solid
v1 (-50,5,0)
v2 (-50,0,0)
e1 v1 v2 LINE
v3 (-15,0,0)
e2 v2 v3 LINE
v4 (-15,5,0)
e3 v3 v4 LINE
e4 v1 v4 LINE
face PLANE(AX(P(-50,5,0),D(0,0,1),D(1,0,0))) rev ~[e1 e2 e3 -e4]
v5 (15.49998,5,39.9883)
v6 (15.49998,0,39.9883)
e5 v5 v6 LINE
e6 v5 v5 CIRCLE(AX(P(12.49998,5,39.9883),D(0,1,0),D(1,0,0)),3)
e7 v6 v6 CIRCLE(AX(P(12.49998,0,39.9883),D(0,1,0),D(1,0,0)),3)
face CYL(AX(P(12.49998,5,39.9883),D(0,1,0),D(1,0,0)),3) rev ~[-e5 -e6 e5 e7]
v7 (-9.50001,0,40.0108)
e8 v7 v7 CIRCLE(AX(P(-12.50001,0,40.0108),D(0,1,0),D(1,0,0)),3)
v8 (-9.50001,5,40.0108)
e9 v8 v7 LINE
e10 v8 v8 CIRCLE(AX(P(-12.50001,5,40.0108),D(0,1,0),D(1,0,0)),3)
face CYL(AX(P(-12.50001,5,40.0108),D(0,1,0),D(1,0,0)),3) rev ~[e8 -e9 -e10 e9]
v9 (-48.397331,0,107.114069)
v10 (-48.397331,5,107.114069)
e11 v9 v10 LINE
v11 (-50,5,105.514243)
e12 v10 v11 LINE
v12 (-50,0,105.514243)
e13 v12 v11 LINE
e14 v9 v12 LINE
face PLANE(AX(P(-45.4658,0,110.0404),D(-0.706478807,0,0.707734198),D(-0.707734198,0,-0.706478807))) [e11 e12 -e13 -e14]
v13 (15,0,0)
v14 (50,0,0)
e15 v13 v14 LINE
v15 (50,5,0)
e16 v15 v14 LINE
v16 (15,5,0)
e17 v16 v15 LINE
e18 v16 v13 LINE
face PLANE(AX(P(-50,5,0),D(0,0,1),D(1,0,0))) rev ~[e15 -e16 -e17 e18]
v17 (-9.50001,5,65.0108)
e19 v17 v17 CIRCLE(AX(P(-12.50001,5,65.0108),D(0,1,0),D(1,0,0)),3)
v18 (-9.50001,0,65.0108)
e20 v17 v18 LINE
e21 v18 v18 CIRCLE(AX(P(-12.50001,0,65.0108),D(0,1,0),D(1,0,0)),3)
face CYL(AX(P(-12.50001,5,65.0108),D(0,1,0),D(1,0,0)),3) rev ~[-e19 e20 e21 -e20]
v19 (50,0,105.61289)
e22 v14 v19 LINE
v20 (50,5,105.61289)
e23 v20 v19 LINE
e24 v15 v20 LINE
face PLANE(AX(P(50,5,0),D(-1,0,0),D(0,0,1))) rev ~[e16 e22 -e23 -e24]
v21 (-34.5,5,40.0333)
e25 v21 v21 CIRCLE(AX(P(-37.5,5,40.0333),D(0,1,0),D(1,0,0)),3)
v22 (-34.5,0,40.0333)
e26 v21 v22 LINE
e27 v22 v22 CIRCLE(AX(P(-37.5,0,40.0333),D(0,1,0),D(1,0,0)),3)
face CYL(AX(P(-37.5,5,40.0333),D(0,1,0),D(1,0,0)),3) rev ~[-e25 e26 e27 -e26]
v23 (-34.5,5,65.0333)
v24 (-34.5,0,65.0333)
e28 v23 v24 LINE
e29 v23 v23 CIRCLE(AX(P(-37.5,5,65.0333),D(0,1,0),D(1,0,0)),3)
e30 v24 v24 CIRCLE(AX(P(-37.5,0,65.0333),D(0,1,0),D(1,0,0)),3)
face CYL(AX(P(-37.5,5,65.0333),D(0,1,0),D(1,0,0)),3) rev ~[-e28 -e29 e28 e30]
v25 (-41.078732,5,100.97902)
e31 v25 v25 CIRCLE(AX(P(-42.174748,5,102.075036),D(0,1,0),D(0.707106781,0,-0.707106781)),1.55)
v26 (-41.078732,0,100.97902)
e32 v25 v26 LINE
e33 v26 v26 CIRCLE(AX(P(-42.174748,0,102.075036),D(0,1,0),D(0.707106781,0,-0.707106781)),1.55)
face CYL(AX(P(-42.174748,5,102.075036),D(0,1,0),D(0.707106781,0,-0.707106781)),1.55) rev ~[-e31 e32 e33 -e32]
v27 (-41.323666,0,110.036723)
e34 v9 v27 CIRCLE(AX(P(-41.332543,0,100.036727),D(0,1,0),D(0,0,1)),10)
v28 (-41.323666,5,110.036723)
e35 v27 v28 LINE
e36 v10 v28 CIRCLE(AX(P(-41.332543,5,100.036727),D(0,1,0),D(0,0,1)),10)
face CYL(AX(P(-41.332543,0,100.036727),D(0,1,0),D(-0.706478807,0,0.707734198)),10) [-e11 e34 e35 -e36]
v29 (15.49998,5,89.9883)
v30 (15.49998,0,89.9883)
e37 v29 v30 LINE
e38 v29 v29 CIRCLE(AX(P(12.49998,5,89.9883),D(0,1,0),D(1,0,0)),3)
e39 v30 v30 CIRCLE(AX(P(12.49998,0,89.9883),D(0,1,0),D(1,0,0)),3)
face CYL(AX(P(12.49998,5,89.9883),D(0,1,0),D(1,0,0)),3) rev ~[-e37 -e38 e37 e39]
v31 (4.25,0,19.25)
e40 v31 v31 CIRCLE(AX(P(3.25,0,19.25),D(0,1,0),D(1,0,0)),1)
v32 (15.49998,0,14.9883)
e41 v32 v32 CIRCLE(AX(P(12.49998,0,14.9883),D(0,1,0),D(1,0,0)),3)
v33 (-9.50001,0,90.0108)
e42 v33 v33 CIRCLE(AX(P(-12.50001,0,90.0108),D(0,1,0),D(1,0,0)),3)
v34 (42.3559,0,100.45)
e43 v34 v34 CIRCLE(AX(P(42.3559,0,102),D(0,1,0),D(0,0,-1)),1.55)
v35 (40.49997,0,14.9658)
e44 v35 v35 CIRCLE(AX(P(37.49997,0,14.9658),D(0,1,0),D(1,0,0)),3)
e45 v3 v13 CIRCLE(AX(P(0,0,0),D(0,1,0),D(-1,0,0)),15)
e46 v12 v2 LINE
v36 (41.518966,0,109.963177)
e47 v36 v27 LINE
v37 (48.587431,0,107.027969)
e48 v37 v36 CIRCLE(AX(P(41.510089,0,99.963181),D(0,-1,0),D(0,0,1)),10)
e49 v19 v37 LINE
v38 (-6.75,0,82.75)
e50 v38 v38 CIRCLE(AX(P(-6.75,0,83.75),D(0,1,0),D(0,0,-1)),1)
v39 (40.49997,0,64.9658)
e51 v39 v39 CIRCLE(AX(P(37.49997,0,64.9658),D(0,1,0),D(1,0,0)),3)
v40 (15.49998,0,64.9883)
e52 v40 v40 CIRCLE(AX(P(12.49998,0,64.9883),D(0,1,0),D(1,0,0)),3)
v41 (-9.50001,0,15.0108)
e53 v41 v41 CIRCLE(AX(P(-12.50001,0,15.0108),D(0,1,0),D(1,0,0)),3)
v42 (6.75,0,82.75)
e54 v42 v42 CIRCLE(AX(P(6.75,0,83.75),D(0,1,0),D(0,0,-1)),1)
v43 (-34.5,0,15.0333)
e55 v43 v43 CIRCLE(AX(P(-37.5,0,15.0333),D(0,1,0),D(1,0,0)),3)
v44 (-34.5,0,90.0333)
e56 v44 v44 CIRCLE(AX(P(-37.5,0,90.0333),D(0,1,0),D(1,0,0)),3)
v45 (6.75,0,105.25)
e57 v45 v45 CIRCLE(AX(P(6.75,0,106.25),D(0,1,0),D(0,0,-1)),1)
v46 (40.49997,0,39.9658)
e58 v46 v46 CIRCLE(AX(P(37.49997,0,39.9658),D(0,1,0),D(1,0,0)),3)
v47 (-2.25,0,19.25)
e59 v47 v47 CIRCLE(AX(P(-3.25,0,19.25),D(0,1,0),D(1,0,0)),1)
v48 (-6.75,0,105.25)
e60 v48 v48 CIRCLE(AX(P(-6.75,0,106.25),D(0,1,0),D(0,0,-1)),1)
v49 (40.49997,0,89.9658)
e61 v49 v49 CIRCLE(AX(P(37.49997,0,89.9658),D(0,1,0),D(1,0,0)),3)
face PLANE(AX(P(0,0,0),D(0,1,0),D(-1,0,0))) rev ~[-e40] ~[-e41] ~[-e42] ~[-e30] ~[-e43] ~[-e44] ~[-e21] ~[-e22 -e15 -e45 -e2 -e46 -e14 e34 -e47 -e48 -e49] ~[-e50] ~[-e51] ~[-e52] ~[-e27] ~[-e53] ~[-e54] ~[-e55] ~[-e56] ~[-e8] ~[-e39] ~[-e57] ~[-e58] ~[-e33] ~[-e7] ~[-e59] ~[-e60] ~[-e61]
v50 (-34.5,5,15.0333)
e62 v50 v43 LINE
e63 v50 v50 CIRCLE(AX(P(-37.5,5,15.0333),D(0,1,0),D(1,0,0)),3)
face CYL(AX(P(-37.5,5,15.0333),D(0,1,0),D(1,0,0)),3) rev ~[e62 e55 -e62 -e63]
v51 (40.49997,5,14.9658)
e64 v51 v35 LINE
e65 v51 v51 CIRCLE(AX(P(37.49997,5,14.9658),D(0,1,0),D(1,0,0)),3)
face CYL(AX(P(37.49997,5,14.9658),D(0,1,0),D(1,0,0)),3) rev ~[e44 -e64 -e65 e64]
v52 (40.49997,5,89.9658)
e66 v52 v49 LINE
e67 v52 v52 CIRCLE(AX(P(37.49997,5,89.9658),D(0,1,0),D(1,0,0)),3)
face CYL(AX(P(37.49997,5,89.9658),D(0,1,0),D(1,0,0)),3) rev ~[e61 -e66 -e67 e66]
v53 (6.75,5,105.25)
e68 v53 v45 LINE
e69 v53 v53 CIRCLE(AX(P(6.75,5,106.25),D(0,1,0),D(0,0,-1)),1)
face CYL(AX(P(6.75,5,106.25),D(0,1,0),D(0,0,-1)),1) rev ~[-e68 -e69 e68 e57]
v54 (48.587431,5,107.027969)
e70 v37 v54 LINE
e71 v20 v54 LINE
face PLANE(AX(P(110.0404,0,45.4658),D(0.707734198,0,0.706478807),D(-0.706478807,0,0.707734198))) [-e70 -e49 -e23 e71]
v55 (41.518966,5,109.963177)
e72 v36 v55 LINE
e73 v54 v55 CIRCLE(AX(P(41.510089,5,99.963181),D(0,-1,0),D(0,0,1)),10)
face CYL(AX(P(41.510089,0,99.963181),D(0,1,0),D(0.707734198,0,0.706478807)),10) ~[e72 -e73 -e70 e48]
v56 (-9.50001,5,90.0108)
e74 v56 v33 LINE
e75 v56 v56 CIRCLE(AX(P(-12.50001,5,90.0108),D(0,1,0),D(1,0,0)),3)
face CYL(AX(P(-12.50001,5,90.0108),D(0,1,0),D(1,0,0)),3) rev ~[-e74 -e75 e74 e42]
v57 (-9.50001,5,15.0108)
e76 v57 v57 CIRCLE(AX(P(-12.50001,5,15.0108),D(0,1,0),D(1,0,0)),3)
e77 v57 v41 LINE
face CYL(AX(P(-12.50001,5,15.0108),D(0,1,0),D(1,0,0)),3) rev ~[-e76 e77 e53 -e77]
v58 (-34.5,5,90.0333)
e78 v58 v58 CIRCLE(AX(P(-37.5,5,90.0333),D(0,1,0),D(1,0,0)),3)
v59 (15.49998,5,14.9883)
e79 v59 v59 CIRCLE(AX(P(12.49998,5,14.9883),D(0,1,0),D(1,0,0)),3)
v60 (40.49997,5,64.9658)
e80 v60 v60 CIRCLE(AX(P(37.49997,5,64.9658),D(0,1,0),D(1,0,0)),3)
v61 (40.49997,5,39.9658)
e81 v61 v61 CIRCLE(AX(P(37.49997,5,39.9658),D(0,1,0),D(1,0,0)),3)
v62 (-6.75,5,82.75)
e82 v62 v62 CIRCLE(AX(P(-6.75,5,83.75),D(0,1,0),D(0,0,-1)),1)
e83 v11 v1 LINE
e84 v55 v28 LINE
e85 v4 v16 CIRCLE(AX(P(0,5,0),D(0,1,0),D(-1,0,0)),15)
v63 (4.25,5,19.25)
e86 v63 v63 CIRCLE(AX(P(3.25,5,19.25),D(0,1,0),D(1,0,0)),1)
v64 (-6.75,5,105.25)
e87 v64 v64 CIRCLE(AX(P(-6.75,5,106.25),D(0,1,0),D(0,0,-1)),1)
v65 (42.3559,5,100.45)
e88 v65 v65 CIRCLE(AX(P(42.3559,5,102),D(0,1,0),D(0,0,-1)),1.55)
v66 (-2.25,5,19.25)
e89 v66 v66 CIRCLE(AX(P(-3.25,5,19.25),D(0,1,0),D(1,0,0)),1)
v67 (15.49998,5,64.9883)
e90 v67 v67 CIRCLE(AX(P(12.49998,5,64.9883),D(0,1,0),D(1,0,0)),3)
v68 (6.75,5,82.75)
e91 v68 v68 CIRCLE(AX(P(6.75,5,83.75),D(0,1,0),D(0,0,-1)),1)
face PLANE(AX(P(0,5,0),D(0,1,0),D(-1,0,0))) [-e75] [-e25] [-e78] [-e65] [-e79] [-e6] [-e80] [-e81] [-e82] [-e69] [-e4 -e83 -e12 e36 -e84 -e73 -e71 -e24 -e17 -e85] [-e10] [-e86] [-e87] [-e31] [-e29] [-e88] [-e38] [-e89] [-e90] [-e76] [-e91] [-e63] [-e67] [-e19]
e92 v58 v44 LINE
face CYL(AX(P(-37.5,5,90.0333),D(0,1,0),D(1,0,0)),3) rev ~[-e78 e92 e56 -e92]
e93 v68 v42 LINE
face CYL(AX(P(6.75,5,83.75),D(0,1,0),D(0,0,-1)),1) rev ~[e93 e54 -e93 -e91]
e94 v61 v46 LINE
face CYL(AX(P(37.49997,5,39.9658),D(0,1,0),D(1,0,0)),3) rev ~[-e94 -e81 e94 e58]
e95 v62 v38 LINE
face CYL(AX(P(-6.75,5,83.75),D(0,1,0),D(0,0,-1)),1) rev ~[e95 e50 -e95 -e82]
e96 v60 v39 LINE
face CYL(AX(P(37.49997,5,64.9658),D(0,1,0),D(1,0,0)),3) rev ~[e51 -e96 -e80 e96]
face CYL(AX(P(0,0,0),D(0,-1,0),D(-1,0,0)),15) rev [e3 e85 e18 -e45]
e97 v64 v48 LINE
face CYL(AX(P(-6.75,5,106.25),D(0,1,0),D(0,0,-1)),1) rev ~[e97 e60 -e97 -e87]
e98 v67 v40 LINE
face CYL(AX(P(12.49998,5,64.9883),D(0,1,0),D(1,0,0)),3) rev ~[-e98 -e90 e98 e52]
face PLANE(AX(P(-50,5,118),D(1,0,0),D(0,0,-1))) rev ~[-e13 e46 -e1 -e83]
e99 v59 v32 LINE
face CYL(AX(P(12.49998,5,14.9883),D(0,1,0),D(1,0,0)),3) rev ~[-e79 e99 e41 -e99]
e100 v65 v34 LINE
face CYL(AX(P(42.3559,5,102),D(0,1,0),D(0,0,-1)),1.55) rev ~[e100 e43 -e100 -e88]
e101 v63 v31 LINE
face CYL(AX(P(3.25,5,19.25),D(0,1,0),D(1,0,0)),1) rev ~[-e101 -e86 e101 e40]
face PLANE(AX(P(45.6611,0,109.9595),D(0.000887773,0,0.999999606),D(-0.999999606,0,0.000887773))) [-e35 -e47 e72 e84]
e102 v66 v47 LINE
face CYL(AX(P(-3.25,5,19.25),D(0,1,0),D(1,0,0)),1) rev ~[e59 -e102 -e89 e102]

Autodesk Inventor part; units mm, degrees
ref_plane "YZ Plane" through (0, 0, 0) normal (1, 0, 0) x (0, 1, 0)
ref_plane "XZ Plane" through (0, 0, 0) normal (0, 1, 0) x (-1, 0, 0)
ref_plane "XY Plane" through (0, 0, 0) normal (0, 0, 1) x (1, 0, 0)
sketch "Sketch1" plane through (0, 0, 0) normal (0, 1, 0) x (-1, 0, 0)
  circle A0 centre (0, 0) radius 15
  circle A1 centre (0, 0) radius 92.5 construction
  line L0 (115, -37.3658) -> (71.0739, -97.8248) construction
  line L1 (71.0739, -97.8248) -> (0, -120.9182) construction
  line L2 (0, -120.9182) -> (-71.0739, -97.8248) construction
  line L3 (-71.0739, -97.8248) -> (-115, -37.3658) construction
  line L4 (-115, -37.3658) -> (-115, 37.3658) construction
  line L5 (-115, 37.3658) -> (-71.0739, 97.8248) construction
  line L6 (-71.0739, 97.8248) -> (0, 120.9182) construction
  line L7 (0, 120.9182) -> (71.0739, 97.8248) construction
  line L8 (71.0739, 97.8248) -> (115, 37.3658) construction
  line L9 (115, 37.3658) -> (115, -37.3658) construction
  line L10 (0, 0) -> (0, -190.4975) construction
  line L11 (45.6611, -109.9595) -> (-45.4658, -110.0404)
  line L12 (-45.4658, -110.0404) -> (-109.9595, -45.6611)
  line L13 (-109.9595, -45.6611) -> (-110.0404, 45.4658)
  line L14 (-110.0404, 45.4658) -> (-45.6611, 109.9595)
  line L15 (-45.6611, 109.9595) -> (45.4658, 110.0404)
  line L16 (45.4658, 110.0404) -> (109.9595, 45.6611)
  line L17 (109.9595, 45.6611) -> (110.0404, -45.4658)
  line L18 (110.0404, -45.4658) -> (45.6611, -109.9595)
  dimension "d0" = 30
  dimension "d1" = 185
  dimension "d4" = 230
  dimension "d18" = 220
extrude "Extrusion1" add sketch "Sketch1" along normal blind 5
sketch "Sketch2" plane through (0, 5, 0) normal (0, 1, 0) x (1, 0, 0)
  line L0 (0, 0) -> (-95, 0) construction
  line L1 (-106.25, -6.75) -> (-83.75, -6.75) construction
  line L2 (-83.75, -6.75) -> (-83.75, 6.75) construction
  line L3 (-83.75, 6.75) -> (-106.25, 6.75) construction
  line L4 (-106.25, 6.75) -> (-106.25, -6.75) construction
  line L5 (-106.25, -6.75) -> (-83.75, 6.75) construction
  line L6 (-83.75, -6.75) -> (-106.25, 6.75) construction
  circle A0 centre (-106.25, -6.75) radius 1
  circle A1 centre (-106.25, 6.75) radius 1
  circle A2 centre (-83.75, 6.75) radius 1
  circle A3 centre (-83.75, -6.75) radius 1
  line L7 (-115, 37.3658) -> (-115, -37.3658) projected
  line L8 (-110.0404, 45.4658) -> (-109.9595, -45.6611) projected
  dimension "d5" = 22.5
  dimension "d6" = 13.5
  dimension "d7" = 2
  dimension "d8" = 2
  dimension "d9" = 2
  dimension "d10" = 2
  dimension "d19" = 15
extrude "Extrusion2" cut sketch "Sketch2" against normal blind 5
pattern_circular "Circular Pattern1" count 8 over 360 about axis through (0, 0, 0) along (0, 1, 0) of "Extrusion2"
fillet "Fillet1" radius 10 8 edges at (-45.4658, 2.5, 110.0404) (45.6611, 2.5, 109.9595) (110.0404, 2.5, 45.4658) (109.9595, 2.5, -45.6611) (45.4658, 2.5, -110.0404) (-45.6611, 2.5, -109.9595) (-110.0404, 2.5, -45.4658) (-109.9595, 2.5, 45.6611)
sketch "Sketch3" plane through (0, 5, 0) normal (0, 1, 0) x (1, 0, 0)
  circle A0 centre (-99.9734, -30) radius 1.5 construction
  line L0 (-110.0367, 41.3237) -> (-109.9632, -41.519) projected
  line L1 (0, 0) -> (-110, -0.0977)
  line L2 (0, 0) -> (-110, -0.0977)
  line L3 (-110, -0.0977) -> (-134, -0.0977) construction
  circle A1 centre (-99.9734, 29.8047) radius 1.5 construction
  arc A2 (-109.9632, -41.519) -> (-107.028, -48.5875) centre (-99.9632, -41.5101) ccw projected
  line L4 (0, 0) -> (-99.9632, -41.5101) construction
  line L5 (-99.9632, -41.5101) -> (-109.1986, -45.3452) construction
  circle A3 centre (-102, -42.3559) radius 1.55
  dimension "d22" = 3
  dimension "d23" = 30
  dimension "d24" = 10
  dimension "d30" = 3.1
  dimension "d31" = 102
extrude "Extrusion3" cut sketch "Sketch3" against normal blind 10
pattern_circular "Circular Pattern2" count 8 over 360 about axis through (0, 0, 0) along (0, 1, 0) of "Extrusion3"
sketch "Sketch4" plane through (0, 5, 0) normal (0, 1, 0) x (1, 0, 0)
  line L0 (-50, 0) -> (50, 0)
  line L1 (50, 0) -> (50, -118)
  line L2 (50, -118) -> (-50, -118)
  line L3 (-50, -118) -> (-50, 0)
  point P0 (0, 0)
  dimension "d32" = 50
  dimension "d33" = 50
  dimension "d34" = 118
extrude "Extrusion4" cut sketch "Sketch4" against normal blind 10 keep common part
sketch "Sketch5" plane through (0, 5, 0) normal (0, 1, 0) x (1, 0, 0)
  circle A0 centre (-37.5, -90.0333) radius 3
  line L0 (-50, -105.5143) -> (-50, 0) projected
  line L1 (-41.3237, -110.0367) -> (41.519, -109.9632) projected
  point P0 (0, 0)
  dimension "d37" = 6
  dimension "d38" = 12.5
  dimension "d39" = 20
extrude "Extrusion5" cut sketch "Sketch5" against normal blind 10
pattern_linear "Rectangular Pattern1" count 4 spacing 25 along (0, 0, -1) count 4 spacing 25 along (1, 0, -0.0009) of "Extrusion5"
sketch "Sketch6" plane through (0, 5, 0) normal (0, 1, 0) x (1, 0, 0)
  circle A0 centre (-3.25, -19.25) radius 1
  circle A1 centre (-6.75, -83.75) radius 1 projected
  line L0 (0, 0) -> (0, -32) construction
  circle A2 centre (3.25, -19.25) radius 1
  dimension "d48" = 2
  dimension "d49" = 64.5
  dimension "d50" = 3.5
extrude "Extrusion6" cut sketch "Sketch6" against normal blind 10 contours A0 | A2
properties part number "Base"
